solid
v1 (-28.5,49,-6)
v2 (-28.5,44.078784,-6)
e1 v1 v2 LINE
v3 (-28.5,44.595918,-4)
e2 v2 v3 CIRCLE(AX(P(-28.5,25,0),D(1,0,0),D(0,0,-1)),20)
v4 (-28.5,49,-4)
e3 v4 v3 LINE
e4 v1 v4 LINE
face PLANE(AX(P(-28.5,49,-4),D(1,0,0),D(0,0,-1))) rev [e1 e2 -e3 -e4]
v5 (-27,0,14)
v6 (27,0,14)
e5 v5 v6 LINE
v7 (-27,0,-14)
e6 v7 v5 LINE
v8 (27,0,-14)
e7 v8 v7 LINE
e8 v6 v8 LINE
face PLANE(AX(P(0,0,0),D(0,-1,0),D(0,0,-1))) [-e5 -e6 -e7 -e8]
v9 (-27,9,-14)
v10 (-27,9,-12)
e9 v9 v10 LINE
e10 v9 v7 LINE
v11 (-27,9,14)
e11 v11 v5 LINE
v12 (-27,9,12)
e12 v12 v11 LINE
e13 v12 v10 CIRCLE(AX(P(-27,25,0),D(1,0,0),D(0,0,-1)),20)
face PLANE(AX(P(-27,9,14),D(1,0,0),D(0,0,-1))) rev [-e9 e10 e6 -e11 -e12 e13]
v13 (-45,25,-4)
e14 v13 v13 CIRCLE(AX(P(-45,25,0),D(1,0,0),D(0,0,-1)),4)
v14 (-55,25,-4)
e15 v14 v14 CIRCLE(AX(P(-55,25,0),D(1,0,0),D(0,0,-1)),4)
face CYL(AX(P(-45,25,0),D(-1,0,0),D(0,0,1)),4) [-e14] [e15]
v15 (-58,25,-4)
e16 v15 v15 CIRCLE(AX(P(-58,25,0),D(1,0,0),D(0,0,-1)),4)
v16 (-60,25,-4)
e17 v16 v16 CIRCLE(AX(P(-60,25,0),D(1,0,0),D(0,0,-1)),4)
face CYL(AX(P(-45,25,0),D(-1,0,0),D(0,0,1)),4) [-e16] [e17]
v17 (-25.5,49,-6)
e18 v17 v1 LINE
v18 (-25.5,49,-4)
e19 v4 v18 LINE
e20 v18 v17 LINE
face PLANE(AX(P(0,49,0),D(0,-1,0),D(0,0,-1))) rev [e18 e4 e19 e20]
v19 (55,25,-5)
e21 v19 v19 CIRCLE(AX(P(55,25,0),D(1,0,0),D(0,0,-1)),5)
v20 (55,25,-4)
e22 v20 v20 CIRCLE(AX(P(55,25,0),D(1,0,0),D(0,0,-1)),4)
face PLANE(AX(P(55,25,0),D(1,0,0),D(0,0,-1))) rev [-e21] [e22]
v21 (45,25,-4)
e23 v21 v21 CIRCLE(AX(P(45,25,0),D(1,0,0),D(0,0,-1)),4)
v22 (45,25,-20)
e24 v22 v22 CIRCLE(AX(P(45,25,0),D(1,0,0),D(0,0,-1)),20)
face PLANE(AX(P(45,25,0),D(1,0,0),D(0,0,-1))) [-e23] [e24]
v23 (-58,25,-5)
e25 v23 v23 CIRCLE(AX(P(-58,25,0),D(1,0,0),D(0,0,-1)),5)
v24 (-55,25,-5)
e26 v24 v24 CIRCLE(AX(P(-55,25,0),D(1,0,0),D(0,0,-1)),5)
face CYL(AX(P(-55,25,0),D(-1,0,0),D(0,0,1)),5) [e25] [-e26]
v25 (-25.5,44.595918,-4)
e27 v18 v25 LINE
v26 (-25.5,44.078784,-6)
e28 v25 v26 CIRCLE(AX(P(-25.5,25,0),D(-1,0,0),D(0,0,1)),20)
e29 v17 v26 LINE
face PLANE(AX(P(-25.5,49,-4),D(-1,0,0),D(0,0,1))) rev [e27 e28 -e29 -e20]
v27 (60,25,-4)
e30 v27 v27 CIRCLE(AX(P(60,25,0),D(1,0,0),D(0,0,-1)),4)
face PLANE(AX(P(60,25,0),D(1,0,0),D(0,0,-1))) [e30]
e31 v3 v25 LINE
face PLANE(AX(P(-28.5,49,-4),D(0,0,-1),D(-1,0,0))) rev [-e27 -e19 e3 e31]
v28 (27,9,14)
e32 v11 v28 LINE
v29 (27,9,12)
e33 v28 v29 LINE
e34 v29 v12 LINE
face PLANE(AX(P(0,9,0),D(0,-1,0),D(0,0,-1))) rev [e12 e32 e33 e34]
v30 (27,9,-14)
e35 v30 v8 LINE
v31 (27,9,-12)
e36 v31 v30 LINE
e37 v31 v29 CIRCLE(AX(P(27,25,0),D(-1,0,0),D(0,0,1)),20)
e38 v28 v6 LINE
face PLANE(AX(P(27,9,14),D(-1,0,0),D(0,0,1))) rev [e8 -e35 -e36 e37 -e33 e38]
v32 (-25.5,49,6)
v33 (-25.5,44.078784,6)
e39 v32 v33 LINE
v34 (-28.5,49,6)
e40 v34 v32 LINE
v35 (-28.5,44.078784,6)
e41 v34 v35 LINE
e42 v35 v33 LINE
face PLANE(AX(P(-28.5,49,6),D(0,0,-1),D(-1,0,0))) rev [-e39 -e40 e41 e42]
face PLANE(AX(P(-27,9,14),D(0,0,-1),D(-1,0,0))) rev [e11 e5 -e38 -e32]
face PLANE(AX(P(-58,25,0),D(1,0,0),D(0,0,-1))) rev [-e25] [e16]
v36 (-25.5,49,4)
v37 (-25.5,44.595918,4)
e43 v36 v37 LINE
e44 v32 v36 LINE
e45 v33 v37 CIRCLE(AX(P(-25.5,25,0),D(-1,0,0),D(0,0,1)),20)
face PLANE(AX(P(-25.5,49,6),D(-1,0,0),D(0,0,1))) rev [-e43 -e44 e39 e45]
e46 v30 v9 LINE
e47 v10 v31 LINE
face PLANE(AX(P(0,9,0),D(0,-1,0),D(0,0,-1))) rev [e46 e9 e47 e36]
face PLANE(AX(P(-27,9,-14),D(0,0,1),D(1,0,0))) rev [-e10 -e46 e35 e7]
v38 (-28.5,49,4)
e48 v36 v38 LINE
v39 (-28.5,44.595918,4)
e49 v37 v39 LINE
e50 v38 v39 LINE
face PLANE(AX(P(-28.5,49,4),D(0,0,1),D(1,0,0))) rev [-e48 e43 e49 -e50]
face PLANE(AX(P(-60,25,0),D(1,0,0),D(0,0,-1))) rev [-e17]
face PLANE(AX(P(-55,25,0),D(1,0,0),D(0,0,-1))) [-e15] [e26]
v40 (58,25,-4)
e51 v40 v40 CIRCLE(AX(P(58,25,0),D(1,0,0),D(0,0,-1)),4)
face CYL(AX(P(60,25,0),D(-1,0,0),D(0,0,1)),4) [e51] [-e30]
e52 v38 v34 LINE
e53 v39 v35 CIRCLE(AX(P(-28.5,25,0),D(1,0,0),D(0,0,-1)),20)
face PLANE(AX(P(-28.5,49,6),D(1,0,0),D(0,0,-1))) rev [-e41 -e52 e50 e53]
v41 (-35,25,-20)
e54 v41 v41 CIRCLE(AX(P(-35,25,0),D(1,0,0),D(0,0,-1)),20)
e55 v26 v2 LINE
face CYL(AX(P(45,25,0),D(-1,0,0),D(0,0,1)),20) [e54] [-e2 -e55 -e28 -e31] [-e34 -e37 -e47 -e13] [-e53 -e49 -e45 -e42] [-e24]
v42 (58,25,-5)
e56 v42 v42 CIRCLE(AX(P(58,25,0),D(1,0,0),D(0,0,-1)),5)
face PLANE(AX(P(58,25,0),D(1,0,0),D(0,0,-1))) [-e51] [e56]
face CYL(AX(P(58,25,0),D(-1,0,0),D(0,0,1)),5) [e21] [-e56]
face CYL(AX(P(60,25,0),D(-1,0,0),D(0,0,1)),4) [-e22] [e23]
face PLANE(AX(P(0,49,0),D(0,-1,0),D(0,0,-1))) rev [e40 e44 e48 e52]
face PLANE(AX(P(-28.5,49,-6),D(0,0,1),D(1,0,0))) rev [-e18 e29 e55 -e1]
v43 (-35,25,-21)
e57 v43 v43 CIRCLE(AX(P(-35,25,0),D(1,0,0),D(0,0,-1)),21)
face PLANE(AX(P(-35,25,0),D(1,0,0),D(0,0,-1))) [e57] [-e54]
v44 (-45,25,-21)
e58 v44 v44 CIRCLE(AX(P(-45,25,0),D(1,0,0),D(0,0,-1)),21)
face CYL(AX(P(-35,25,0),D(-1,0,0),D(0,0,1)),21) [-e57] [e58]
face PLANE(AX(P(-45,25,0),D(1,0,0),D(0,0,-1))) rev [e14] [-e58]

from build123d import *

# Parameters (mm, degrees)
PUMP_BODY_START     = -45
SKETCH1_R           = 20
PUMP_BODY_DEPTH     = 90
MOTOR_ENDBELL_START = -45
SKETCH2_R           = 21
MOTOR_ENDBELL_DEPTH = 10
SKETCH3_W           = 54
SKETCH3_H           = 28
MOUNT_SADDLE_DEPTH  = 9
INLET_BARB_START    = -60
SKETCH4_R           = 4
INLET_BARB_DEPTH    = 15
OUTLET_BARB_START   = 45
SKETCH5_R           = 4
OUTLET_BARB_DEPTH   = 15
INLET_RIDGE_START   = -58
SKETCH6_R           = 5
INLET_RIDGE_DEPTH   = 3
OUTLET_RIDGE_START  = 55
SKETCH7_R           = 5
OUTLET_RIDGE_DEPTH  = 3
TERMINAL_POS_START  = 43
SKETCH8_W           = 3
SKETCH8_H           = 2
TERMINAL_POS_DEPTH  = 6
TERMINAL_NEG_START  = 43
SKETCH9_W           = 3
SKETCH9_H           = 2
TERMINAL_NEG_DEPTH  = 6


with BuildPart() as part:
    # Sketch1 → Pump_Body (new body)
    with BuildSketch(Plane(origin=(0, 0, 0), x_dir=(0, 0, -1), z_dir=(1, 0, 0)).offset(PUMP_BODY_START)):
        with Locations(Location((0, 25, 0), (0, 0, 180))):
            Circle(SKETCH1_R)
    extrude(amount=PUMP_BODY_DEPTH)

    # Sketch2 → Motor_EndBell (add)
    with BuildSketch(Plane(origin=(0, 0, 0), x_dir=(0, 0, -1), z_dir=(1, 0, 0)).offset(MOTOR_ENDBELL_START)):
        with Locations((0, 25)):
            Circle(SKETCH2_R)
    extrude(amount=MOTOR_ENDBELL_DEPTH)

    # Sketch3 → Mount_Saddle (add)
    with BuildSketch(Plane(origin=(0, 0, 0), x_dir=(1, 0, 0), z_dir=(0, 1, 0))):
        Rectangle(SKETCH3_W, SKETCH3_H)
    extrude(amount=MOUNT_SADDLE_DEPTH)

    # Sketch4 → Inlet_Barb (add)
    with BuildSketch(Plane(origin=(0, 0, 0), x_dir=(0, 0, -1), z_dir=(1, 0, 0)).offset(INLET_BARB_START)):
        with Locations((0, 25)):
            Circle(SKETCH4_R)
    extrude(amount=INLET_BARB_DEPTH)

    # Sketch5 → Outlet_Barb (add)
    with BuildSketch(Plane(origin=(0, 0, 0), x_dir=(0, 0, -1), z_dir=(1, 0, 0)).offset(OUTLET_BARB_START)):
        with Locations((0, 25)):
            Circle(SKETCH5_R)
    extrude(amount=OUTLET_BARB_DEPTH)

    # Sketch6 → Inlet_Ridge (add)
    with BuildSketch(Plane(origin=(0, 0, 0), x_dir=(0, 0, -1), z_dir=(1, 0, 0)).offset(INLET_RIDGE_START)):
        with Locations((0, 25)):
            Circle(SKETCH6_R)
    extrude(amount=INLET_RIDGE_DEPTH)

    # Sketch7 → Outlet_Ridge (add)
    with BuildSketch(Plane(origin=(0, 0, 0), x_dir=(0, 0, -1), z_dir=(1, 0, 0)).offset(OUTLET_RIDGE_START)):
        with Locations((0, 25)):
            Circle(SKETCH7_R)
    extrude(amount=OUTLET_RIDGE_DEPTH)

    # Sketch8 → Terminal_Pos (add)
    with BuildSketch(Plane(origin=(0, 0, 0), x_dir=(1, 0, 0), z_dir=(0, 1, 0)).offset(TERMINAL_POS_START)):
        with Locations((-27, 5)):
            Rectangle(SKETCH8_W, SKETCH8_H)
    extrude(amount=TERMINAL_POS_DEPTH)

    # Sketch9 → Terminal_Neg (add)
    with BuildSketch(Plane(origin=(0, 0, 0), x_dir=(1, 0, 0), z_dir=(0, 1, 0)).offset(TERMINAL_NEG_START)):
        with Locations((-27, -5)):
            Rectangle(SKETCH9_W, SKETCH9_H)
    extrude(amount=TERMINAL_NEG_DEPTH)


solid = part.part
